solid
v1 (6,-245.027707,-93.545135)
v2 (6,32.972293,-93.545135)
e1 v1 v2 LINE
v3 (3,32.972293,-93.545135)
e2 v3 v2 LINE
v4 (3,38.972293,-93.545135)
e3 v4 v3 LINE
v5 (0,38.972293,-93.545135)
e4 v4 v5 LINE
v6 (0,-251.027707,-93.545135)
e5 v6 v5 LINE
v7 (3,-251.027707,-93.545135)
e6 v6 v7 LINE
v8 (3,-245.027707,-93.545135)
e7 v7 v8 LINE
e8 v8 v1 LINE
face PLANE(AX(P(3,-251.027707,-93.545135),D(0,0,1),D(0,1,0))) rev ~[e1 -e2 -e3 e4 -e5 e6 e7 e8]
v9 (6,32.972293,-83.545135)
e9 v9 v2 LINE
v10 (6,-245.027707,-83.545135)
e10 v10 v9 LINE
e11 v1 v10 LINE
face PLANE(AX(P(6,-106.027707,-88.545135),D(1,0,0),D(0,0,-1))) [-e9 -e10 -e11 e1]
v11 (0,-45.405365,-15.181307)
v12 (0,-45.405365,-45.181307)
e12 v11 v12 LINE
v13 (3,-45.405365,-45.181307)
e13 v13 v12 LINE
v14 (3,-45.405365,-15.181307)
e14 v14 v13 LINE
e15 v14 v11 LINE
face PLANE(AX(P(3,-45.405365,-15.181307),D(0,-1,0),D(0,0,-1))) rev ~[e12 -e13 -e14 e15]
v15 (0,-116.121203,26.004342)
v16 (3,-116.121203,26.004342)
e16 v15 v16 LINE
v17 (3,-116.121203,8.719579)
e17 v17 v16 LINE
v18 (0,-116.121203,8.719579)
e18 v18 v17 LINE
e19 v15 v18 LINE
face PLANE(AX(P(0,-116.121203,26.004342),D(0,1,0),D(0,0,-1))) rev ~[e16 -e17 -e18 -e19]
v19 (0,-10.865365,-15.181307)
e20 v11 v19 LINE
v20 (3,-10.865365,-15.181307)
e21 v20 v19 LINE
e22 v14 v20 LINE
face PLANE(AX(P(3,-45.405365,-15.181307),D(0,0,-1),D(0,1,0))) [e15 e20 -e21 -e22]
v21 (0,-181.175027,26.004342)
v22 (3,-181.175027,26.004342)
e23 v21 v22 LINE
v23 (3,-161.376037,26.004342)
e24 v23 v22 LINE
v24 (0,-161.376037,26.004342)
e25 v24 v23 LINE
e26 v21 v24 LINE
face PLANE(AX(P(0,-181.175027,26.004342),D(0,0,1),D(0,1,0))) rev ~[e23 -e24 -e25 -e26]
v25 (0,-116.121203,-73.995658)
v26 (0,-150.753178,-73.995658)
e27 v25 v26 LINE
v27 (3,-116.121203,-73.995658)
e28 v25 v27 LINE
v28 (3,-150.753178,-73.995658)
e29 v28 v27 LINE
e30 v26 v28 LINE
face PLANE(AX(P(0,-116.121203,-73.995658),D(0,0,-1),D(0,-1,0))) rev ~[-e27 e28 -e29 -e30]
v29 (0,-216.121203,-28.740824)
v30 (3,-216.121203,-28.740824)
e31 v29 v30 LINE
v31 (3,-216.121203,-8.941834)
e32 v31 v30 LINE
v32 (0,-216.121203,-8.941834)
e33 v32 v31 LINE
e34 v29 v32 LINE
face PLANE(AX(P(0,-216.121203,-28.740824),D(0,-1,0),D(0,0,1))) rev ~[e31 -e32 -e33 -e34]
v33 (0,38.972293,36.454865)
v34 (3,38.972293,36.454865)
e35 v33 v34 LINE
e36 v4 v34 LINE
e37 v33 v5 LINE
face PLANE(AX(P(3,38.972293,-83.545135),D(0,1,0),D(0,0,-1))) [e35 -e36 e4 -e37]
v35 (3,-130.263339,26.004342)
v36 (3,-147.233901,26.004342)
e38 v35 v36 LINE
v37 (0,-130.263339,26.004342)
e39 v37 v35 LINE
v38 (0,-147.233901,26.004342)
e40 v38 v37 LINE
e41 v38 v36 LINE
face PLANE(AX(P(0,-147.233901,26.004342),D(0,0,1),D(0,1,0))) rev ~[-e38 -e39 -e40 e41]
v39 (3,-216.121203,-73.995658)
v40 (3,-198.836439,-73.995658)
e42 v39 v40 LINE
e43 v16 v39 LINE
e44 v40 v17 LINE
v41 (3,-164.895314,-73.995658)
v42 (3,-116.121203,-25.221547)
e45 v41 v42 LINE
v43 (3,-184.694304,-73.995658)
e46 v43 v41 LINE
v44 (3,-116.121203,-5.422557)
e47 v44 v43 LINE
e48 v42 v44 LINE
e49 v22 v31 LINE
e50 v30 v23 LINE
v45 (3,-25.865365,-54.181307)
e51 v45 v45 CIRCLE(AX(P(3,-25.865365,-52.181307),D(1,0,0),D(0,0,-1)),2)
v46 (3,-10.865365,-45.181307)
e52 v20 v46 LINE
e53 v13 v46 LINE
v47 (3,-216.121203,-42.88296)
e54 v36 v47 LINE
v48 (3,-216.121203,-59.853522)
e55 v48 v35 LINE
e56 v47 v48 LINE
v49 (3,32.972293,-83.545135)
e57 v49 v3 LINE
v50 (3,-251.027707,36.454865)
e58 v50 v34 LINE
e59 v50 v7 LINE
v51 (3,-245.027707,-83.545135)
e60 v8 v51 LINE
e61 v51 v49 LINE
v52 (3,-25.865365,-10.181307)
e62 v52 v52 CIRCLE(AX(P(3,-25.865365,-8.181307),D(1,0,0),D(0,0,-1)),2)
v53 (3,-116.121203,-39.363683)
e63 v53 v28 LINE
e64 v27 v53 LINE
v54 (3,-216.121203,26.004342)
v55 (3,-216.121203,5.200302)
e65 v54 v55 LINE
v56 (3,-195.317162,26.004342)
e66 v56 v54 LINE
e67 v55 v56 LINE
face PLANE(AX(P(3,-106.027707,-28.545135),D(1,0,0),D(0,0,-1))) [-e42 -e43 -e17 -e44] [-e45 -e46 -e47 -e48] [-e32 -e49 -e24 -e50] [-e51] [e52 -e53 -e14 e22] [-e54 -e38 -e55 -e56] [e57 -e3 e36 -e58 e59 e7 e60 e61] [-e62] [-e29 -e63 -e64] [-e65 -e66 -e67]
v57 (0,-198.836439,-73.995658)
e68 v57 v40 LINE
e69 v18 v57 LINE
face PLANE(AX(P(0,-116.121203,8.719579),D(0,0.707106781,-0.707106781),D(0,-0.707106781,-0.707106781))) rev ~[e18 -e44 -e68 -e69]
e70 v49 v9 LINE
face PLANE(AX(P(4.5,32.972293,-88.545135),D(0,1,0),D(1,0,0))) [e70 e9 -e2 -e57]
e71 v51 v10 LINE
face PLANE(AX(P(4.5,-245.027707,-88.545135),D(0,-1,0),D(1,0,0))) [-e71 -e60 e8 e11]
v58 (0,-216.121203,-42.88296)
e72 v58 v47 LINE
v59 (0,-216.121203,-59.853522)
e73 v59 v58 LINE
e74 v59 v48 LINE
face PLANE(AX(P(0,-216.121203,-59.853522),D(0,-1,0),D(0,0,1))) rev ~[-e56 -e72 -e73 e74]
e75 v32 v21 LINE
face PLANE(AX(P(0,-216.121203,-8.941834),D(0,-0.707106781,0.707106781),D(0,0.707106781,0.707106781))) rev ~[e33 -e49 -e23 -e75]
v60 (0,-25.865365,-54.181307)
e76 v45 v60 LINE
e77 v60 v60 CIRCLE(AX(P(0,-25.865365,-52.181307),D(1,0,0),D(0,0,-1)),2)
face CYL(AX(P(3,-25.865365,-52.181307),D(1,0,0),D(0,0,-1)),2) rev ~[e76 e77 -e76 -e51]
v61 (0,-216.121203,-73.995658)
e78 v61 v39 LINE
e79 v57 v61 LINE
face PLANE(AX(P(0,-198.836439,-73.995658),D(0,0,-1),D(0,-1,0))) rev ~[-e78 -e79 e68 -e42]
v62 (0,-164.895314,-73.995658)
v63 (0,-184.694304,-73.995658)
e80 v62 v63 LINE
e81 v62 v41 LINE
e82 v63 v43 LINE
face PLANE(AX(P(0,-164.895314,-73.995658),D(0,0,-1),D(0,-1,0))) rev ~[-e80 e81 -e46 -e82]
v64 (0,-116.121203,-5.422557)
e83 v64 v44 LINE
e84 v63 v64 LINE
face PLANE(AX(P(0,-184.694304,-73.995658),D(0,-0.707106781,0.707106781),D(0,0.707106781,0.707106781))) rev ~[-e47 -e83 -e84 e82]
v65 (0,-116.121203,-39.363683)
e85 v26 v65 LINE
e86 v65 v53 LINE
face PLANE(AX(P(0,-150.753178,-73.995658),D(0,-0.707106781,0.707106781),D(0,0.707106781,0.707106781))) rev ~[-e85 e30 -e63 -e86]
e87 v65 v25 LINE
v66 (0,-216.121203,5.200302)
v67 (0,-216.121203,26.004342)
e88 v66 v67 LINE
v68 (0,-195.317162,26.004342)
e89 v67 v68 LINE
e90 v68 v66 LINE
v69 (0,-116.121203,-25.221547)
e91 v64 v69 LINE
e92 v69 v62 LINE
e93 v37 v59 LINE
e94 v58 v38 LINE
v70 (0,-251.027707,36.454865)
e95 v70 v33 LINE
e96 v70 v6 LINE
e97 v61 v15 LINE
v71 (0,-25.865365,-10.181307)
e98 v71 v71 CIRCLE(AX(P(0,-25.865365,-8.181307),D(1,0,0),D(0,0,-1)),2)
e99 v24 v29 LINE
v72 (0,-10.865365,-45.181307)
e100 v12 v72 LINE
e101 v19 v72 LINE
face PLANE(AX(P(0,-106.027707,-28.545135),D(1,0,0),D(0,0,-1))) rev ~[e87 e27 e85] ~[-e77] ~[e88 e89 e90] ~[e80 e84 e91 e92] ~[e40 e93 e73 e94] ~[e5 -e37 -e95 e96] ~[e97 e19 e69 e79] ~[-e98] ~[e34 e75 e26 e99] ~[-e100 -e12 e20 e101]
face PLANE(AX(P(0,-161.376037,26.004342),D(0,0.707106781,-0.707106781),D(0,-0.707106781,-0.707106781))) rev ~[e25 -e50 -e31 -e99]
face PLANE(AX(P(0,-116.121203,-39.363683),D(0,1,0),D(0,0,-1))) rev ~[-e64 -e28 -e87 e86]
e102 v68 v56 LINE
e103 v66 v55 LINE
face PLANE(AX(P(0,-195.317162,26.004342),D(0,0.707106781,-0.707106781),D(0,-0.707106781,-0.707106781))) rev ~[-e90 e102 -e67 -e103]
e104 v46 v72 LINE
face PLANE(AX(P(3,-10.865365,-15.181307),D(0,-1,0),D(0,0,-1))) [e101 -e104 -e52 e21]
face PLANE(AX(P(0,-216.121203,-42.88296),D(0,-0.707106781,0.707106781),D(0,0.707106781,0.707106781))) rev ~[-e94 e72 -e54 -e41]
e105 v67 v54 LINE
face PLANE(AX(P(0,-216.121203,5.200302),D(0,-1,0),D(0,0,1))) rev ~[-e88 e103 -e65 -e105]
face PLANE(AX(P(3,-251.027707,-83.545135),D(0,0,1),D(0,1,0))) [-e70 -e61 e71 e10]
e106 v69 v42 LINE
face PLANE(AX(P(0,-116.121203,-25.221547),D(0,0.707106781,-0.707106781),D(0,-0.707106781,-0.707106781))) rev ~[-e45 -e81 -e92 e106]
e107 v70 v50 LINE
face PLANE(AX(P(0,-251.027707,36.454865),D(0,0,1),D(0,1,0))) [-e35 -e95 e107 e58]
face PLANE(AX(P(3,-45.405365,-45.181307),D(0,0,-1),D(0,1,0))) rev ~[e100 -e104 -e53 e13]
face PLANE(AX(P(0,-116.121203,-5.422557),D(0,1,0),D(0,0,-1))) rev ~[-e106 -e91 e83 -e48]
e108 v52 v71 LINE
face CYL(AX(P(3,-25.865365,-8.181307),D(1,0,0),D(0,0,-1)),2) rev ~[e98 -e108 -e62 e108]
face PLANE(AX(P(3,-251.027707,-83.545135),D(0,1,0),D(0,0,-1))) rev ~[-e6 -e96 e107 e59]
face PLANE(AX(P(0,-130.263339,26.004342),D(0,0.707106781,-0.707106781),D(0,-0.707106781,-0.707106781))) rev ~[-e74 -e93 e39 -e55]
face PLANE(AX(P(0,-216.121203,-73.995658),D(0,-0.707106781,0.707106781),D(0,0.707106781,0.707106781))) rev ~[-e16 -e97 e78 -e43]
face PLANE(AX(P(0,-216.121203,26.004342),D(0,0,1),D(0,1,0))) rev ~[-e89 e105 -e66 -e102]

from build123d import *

# Parameters (mm, degrees)
SKETCH_1_W          = 130
SKETCH_1_H          = 290
EXTRUDE_1_DEPTH     = 3
SKETCH_3_W          = 30
SKETCH_3_H          = 34.54
CUT_EXTRUDE_3_DEPTH = 3
SKETCH_4_R          = 2
CUT_EXTRUDE_4_DEPTH = 3
CUT_EXTRUDE_6_DEPTH = 10
SKETCH_6_W          = 10
SKETCH_6_H          = 290
EXTRUDE_2_DEPTH     = 3
SKETCH_7_W          = 3
SKETCH_7_H          = 10
CUT_EXTRUDE_7_DEPTH = 6
SKETCH_8_W          = 3
SKETCH_8_H          = 10
CUT_EXTRUDE_8_DEPTH = 6


with BuildPart() as part:
    # 草图1 → 凸台-拉伸1 (new body)
    with BuildSketch(Plane(origin=(0, 0, 0), x_dir=(0, 0, -1), z_dir=(1, 0, 0))):
        with Locations((28.545134703, -106.027707237)):
            Rectangle(SKETCH_1_W, SKETCH_1_H)
    extrude(amount=EXTRUDE_1_DEPTH)

    # 草图3 → 切除-拉伸3 (cut)
    with BuildSketch(Plane(origin=(3, 0, 0), x_dir=(0, 0, -1), z_dir=(1, 0, 0))):
        with Locations((30.181306513, -28.135365108)):
            Rectangle(SKETCH_3_W, SKETCH_3_H)
    extrude(amount=-CUT_EXTRUDE_3_DEPTH, mode=Mode.SUBTRACT)

    # 草图4 → 切除-拉伸4 (cut)
    with BuildSketch(Plane(origin=(3, 0, 0), x_dir=(0, 0, -1), z_dir=(1, 0, 0))):
        with Locations((52.181306513, -25.865365108)):
            Circle(SKETCH_4_R)
        with Locations((8.181306513, -25.865365108)):
            Circle(SKETCH_4_R)
    extrude(amount=-CUT_EXTRUDE_4_DEPTH, mode=Mode.SUBTRACT)

    # 草图5 → 切除-拉伸6 (cut)
    with BuildSketch(Plane.ZY):
        Polygon((-73.995657993, -116.121202928), (-73.995657993, -150.753178318), (-39.363682603, -116.121202928), align=None)
        Polygon((-25.221546979, -116.121202928), (-73.995657993, -164.895313942), (-73.995657993, -184.694303815), (-5.422557106, -116.121202928), align=None)
        Polygon((8.719578518, -116.121202928), (-73.995657993, -198.836439439), (-73.995657993, -216.121202928), (26.004342007, -116.121202928), align=None)
        Polygon((26.004342007, -130.263338551), (-59.85352237, -216.121202928), (-42.882959621, -216.121202928), (26.004342007, -147.2339013), align=None)
        Polygon((26.004342007, -161.376036924), (-28.740823997, -216.121202928), (-8.941834124, -216.121202928), (26.004342007, -181.175026797), align=None)
        Polygon((26.004342007, -195.317162421), (5.2003015, -216.121202928), (26.004342007, -216.121202928), align=None)
    extrude(amount=-CUT_EXTRUDE_6_DEPTH, mode=Mode.SUBTRACT)

    # 草图6 → 凸台-拉伸2 (add)
    with BuildSketch(Plane(origin=(3, 0, 0), x_dir=(0, 0, -1), z_dir=(1, 0, 0))):
        with Locations((88.545134703, -106.027707237)):
            Rectangle(SKETCH_6_W, SKETCH_6_H)
    extrude(amount=EXTRUDE_2_DEPTH)

    # 草图7 → 切除-拉伸7 (cut)
    with BuildSketch(Plane(origin=(0, 38.972292763, 0), x_dir=(1, 0, 0), z_dir=(0, 1, 0))):
        with Locations((4.5, 88.545134703)):
            Rectangle(SKETCH_7_W, SKETCH_7_H)
    extrude(amount=-CUT_EXTRUDE_7_DEPTH, mode=Mode.SUBTRACT)

    # 草图8 → 切除-拉伸8 (cut)
    with BuildSketch(Plane.XZ.offset(251.027707237)):
        with Locations((4.5, -88.545134703)):
            Rectangle(SKETCH_8_W, SKETCH_8_H)
    extrude(amount=-CUT_EXTRUDE_8_DEPTH, mode=Mode.SUBTRACT)


solid = part.part
